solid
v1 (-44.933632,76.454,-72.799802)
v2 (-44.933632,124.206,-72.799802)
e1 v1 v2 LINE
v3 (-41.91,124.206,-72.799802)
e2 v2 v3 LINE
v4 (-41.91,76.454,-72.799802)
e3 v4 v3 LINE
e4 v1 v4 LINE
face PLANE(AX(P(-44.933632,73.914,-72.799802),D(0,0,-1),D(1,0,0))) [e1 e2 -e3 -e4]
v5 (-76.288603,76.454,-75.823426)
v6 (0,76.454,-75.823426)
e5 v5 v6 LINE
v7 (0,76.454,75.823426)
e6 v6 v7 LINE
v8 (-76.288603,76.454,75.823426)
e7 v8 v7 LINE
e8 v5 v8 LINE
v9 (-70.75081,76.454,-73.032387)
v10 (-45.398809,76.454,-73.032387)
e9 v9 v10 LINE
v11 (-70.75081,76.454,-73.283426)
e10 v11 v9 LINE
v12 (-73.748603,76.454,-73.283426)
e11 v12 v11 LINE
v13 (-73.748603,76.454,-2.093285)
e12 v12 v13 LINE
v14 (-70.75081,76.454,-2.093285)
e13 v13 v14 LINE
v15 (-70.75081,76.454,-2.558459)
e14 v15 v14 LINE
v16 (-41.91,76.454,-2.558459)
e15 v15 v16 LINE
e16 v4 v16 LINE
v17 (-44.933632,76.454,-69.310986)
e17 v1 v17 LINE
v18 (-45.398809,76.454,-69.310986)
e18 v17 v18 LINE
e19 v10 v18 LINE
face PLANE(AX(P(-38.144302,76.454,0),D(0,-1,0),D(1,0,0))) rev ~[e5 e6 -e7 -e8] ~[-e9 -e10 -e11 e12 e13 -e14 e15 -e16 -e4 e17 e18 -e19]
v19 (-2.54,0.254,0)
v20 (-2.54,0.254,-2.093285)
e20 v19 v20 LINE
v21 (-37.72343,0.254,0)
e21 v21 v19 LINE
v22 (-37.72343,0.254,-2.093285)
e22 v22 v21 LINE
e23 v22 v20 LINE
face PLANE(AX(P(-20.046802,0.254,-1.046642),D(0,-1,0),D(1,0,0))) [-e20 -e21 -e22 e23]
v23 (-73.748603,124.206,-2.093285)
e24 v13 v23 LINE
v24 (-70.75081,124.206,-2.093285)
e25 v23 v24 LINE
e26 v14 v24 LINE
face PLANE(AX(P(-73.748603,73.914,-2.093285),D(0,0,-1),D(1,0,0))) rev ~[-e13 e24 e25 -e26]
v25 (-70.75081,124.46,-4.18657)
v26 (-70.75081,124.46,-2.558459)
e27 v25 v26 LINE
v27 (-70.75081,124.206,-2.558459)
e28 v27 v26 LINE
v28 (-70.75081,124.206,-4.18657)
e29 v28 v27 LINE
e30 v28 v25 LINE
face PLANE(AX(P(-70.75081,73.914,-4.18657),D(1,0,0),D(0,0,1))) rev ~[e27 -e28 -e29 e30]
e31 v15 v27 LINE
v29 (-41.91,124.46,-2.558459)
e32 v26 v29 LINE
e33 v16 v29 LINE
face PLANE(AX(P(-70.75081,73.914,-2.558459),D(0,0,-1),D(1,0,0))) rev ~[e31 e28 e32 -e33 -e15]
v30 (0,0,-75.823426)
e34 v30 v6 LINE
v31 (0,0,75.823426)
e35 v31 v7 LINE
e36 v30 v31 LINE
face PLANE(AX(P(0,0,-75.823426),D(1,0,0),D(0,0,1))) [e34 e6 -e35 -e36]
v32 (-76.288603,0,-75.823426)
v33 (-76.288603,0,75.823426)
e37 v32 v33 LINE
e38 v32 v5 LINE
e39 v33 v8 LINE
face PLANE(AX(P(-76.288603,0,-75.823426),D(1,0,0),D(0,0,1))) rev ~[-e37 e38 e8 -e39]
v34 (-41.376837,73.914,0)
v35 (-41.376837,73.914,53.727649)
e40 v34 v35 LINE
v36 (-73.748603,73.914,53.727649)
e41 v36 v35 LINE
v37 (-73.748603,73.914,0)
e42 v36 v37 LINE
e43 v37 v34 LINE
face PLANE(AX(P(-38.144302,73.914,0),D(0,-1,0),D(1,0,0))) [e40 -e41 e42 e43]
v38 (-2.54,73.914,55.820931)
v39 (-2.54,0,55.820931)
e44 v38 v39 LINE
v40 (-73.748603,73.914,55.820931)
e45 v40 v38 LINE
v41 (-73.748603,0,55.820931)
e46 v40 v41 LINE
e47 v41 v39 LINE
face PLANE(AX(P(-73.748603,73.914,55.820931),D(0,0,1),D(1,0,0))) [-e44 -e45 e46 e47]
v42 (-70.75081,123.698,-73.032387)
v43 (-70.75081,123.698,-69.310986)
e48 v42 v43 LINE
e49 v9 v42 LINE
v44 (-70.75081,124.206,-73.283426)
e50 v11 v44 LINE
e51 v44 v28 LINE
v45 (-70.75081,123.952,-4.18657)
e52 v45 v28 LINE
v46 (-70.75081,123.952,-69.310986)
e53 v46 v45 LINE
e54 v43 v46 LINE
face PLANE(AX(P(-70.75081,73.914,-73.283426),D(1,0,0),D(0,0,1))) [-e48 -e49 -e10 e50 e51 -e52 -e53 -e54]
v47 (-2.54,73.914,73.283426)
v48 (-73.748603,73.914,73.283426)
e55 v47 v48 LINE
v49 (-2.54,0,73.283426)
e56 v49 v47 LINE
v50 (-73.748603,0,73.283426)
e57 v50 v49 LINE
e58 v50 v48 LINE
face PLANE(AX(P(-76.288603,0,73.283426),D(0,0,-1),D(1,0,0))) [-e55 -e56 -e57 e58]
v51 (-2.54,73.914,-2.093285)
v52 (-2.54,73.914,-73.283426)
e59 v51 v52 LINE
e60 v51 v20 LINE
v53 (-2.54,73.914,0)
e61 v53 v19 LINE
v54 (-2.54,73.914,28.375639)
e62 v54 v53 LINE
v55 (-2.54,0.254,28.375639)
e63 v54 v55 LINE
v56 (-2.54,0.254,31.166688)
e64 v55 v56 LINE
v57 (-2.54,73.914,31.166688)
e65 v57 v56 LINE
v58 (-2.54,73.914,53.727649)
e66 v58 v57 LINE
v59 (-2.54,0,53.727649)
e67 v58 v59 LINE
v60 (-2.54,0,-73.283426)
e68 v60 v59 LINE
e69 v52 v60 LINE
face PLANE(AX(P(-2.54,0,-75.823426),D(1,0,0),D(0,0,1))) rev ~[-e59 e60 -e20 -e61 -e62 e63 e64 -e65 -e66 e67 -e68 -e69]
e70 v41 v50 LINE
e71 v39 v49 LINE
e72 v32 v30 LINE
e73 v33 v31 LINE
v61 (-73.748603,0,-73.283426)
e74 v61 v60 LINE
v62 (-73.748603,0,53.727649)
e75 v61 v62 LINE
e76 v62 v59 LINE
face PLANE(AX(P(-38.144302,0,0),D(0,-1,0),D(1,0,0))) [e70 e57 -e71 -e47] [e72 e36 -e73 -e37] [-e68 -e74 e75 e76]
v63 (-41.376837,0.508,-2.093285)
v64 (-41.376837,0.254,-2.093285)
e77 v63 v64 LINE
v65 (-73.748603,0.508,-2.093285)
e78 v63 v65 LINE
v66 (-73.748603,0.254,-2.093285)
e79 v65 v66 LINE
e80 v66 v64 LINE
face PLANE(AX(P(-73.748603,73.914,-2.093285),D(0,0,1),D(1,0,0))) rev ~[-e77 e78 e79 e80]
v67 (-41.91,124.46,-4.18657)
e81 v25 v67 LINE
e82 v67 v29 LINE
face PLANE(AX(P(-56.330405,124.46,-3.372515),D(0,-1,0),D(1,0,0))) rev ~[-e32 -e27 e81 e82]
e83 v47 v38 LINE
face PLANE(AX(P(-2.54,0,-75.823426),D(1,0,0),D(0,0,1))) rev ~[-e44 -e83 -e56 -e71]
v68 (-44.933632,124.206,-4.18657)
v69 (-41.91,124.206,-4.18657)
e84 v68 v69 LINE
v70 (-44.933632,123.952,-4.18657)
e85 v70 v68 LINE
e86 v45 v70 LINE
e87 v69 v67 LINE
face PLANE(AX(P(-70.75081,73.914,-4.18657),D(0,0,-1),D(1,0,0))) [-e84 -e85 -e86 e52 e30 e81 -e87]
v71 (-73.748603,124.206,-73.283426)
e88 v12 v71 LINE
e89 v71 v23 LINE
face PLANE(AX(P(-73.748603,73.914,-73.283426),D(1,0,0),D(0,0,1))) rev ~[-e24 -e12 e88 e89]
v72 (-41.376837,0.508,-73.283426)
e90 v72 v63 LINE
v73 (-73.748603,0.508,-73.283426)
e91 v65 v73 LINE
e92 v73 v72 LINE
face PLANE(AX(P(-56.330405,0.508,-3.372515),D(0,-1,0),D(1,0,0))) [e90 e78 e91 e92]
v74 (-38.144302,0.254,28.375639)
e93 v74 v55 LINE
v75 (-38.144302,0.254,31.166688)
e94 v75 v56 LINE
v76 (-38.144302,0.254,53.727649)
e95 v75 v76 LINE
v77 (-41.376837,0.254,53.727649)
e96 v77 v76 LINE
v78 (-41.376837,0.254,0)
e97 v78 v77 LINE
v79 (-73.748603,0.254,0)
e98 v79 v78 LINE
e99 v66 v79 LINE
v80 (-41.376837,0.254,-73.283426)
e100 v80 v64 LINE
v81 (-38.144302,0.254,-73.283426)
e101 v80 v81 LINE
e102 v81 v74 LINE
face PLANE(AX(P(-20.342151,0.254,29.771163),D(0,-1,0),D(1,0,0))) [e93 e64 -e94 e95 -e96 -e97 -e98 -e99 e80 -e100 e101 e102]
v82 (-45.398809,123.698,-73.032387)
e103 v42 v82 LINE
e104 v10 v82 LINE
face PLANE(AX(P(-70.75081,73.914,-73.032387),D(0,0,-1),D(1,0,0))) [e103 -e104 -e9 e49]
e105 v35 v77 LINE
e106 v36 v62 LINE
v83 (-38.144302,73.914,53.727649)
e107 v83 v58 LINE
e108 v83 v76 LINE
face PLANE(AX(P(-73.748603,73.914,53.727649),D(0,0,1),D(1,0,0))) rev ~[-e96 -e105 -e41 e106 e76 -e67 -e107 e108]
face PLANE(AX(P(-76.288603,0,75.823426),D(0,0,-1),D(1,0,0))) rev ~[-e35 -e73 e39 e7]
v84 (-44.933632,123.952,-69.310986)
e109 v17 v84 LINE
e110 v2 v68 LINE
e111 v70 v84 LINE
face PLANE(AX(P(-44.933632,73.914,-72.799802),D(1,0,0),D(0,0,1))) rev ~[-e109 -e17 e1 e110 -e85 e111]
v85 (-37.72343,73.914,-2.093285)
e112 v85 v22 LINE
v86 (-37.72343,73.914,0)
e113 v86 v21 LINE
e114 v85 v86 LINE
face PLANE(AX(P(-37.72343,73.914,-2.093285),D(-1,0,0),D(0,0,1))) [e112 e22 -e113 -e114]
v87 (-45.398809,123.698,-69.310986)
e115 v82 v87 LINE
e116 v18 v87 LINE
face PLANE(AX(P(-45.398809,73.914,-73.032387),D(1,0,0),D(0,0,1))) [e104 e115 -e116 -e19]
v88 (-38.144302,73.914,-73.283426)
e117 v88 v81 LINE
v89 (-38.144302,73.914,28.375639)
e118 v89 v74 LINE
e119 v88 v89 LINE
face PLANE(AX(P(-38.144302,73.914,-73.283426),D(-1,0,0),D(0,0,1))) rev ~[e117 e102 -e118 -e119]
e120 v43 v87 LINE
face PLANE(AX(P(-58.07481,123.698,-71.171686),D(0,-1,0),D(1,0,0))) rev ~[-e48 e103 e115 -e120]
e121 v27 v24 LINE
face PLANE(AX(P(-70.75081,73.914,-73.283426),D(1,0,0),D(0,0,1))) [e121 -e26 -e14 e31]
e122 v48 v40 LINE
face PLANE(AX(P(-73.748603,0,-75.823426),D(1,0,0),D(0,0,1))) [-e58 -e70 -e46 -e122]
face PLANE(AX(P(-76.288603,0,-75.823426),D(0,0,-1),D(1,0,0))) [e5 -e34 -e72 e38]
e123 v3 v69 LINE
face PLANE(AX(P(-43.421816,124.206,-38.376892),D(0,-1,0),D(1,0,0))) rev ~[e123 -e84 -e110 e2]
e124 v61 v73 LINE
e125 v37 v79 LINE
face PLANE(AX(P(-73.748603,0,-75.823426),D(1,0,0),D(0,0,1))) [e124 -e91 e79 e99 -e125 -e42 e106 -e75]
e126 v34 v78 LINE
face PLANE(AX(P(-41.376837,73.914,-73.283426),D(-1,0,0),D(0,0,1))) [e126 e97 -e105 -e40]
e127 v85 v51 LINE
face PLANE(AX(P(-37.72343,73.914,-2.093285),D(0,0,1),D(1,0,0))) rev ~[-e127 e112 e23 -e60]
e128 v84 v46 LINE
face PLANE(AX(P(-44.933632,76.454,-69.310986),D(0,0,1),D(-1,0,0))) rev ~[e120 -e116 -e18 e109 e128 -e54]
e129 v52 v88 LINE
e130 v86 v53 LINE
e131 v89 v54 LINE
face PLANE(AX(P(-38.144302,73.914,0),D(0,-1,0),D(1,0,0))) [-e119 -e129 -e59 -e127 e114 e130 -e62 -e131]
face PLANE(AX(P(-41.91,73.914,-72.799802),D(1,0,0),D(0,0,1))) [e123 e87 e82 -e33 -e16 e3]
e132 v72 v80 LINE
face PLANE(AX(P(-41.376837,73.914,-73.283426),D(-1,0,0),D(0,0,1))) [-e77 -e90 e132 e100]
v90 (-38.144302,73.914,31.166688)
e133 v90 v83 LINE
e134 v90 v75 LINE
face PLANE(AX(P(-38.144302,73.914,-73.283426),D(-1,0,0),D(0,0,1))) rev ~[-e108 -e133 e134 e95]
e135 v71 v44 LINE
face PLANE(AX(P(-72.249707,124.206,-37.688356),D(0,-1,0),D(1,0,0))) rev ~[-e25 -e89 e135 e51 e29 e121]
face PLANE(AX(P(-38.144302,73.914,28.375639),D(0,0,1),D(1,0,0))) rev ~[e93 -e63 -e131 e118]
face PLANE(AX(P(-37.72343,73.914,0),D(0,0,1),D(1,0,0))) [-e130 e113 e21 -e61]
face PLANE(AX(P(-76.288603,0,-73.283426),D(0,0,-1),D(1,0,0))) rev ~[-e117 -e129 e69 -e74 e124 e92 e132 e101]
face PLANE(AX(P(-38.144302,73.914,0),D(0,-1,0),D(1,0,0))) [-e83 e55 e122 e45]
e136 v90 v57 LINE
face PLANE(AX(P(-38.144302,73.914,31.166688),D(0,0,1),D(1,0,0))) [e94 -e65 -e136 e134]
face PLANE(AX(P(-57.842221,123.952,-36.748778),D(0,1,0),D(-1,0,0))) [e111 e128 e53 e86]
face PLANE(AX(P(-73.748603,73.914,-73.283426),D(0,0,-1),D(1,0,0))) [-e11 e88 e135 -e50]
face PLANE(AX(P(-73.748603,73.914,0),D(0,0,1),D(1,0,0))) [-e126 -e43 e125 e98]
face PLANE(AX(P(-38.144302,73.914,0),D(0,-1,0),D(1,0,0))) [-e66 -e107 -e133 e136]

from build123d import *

# Parameters (mm, degrees)
F0_W      = 76.2886032462
F0_H      = 151.6468524933
F1_DEPTH  = 76.454
F2_T      = -2.54
F3_W      = 71.2086032462
F3_H      = 2.0932815969
F4_DEPTH  = 73.914
F5_W      = 3.2325349748
F5_H      = 127.0110753989
F6_DEPTH  = 73.66
F7_W      = 32.3717666483
F7_H      = 2.0932848565
F8_DEPTH  = 73.66
F10_W     = 35.353255691
F10_H     = 2.0932848565
F11_DEPTH = 73.66
F9_W      = 35.6043016231
F9_H      = 2.7910489589
F12_DEPTH = 73.66
F16_W     = 25.3520011902
F16_H     = 3.7214010954
F17_DEPTH = 49.784
F15_W     = 3.0236318707
F15_H     = 68.8458192162
F18_DEPTH = 50.292
F14_W     = 28.8408100605
F14_H     = 1.6281104181
F19_DEPTH = 50.546
F13_W     = 2.9977930403
F13_H     = 71.1901413901
F20_DEPTH = 50.292
F22_DEPTH = 47.498
F23_DEPTH = 73.406


with BuildPart() as f1:
    # F0 (on Front) → F1 (new body)
    with BuildSketch(Plane.XZ):
        with Locations((-38.1443016231, 0)):
            Rectangle(F0_W, F0_H)
    extrude(amount=-F1_DEPTH)

    # F2
    f2_openings = [f1.faces().sort_by_distance(p)[0] for p in [
        (-38.144302, 0, 0),
    ]]
    offset(amount=F2_T, openings=f2_openings)

    # F3 (on face) → F4 (join)
    with BuildSketch(Plane.XZ.offset(-73.914)):
        with Locations((-38.1443016231, 54.7742899507)):
            Rectangle(F3_W, F3_H)
    extrude(amount=F4_DEPTH)

    # F5 (on face) → F6 (join)
    with BuildSketch(Plane.XZ.offset(-73.914)):
        with Locations((-39.7605691105, -9.7778885472)):
            Rectangle(F5_W, F5_H)
    extrude(amount=F6_DEPTH)

    # F7 (on face) → F8 (join)
    with BuildSketch(Plane.XZ.offset(-73.914)):
        with Locations((-57.5627199221, -1.0466424283)):
            Rectangle(F7_W, F7_H)
    extrude(amount=F8_DEPTH)

    # F10 (on face) → F11 (join)
    with BuildSketch(Plane.XZ.offset(-73.914)):
        with Locations((-20.0468016556, -1.0466424283)):
            Rectangle(F10_W, F10_H)
    extrude(amount=F11_DEPTH)

    # F9 (on face) → F12 (join)
    with BuildSketch(Plane.XZ.offset(-73.914)):
        with Locations((-20.3421508116, 29.7711631283)):
            Rectangle(F9_W, F9_H)
    extrude(amount=F12_DEPTH)

    # F16 (on face) → F17 (join)
    with BuildSketch(Plane.XZ.offset(-73.914)):
        with Locations((-58.0748096108, -71.1716860533)):
            Rectangle(F16_W, F16_H)
    extrude(amount=-F17_DEPTH)

    # F15 (on face) → F18 (join)
    with BuildSketch(Plane.XZ.offset(-73.914)):
        with Locations((-43.4218160808, -38.3768922184)):
            Rectangle(F15_W, F15_H)
    extrude(amount=-F18_DEPTH)

    # F14 (on face) → F19 (join)
    with BuildSketch(Plane.XZ.offset(-73.914)):
        with Locations((-56.3304051757, -3.372514504)):
            Rectangle(F14_W, F14_H)
    extrude(amount=-F19_DEPTH)

    # F13 (on face) → F20 (join)
    with BuildSketch(Plane.XZ.offset(-73.914)):
        with Locations((-72.2497067261, -37.6883555516)):
            Rectangle(F13_W, F13_H)
    extrude(amount=-F20_DEPTH)

    # F21 (on face) → F22 (join)
    with BuildSketch(Plane(origin=(0, 76.454, 0), x_dir=(-1, 0, 0), z_dir=(0, 1, 0))):
        Polygon((70.7508102059, -4.1865697131), (44.9336320162, -4.1865697131), (44.9336320162, -69.3109855056), (45.3988090158, -69.3109855056), (70.7508102059, -69.3109855056), align=None)
    extrude(amount=F22_DEPTH)

    # F23 (add): a face of the model
    f23_faces = [f1.faces().sort_by_distance(p)[0] for p in [
        (-57.5627199221, 73.914, -37.6883555516),
    ]]
    extrude(f23_faces, amount=F23_DEPTH)


solid = f1.part
